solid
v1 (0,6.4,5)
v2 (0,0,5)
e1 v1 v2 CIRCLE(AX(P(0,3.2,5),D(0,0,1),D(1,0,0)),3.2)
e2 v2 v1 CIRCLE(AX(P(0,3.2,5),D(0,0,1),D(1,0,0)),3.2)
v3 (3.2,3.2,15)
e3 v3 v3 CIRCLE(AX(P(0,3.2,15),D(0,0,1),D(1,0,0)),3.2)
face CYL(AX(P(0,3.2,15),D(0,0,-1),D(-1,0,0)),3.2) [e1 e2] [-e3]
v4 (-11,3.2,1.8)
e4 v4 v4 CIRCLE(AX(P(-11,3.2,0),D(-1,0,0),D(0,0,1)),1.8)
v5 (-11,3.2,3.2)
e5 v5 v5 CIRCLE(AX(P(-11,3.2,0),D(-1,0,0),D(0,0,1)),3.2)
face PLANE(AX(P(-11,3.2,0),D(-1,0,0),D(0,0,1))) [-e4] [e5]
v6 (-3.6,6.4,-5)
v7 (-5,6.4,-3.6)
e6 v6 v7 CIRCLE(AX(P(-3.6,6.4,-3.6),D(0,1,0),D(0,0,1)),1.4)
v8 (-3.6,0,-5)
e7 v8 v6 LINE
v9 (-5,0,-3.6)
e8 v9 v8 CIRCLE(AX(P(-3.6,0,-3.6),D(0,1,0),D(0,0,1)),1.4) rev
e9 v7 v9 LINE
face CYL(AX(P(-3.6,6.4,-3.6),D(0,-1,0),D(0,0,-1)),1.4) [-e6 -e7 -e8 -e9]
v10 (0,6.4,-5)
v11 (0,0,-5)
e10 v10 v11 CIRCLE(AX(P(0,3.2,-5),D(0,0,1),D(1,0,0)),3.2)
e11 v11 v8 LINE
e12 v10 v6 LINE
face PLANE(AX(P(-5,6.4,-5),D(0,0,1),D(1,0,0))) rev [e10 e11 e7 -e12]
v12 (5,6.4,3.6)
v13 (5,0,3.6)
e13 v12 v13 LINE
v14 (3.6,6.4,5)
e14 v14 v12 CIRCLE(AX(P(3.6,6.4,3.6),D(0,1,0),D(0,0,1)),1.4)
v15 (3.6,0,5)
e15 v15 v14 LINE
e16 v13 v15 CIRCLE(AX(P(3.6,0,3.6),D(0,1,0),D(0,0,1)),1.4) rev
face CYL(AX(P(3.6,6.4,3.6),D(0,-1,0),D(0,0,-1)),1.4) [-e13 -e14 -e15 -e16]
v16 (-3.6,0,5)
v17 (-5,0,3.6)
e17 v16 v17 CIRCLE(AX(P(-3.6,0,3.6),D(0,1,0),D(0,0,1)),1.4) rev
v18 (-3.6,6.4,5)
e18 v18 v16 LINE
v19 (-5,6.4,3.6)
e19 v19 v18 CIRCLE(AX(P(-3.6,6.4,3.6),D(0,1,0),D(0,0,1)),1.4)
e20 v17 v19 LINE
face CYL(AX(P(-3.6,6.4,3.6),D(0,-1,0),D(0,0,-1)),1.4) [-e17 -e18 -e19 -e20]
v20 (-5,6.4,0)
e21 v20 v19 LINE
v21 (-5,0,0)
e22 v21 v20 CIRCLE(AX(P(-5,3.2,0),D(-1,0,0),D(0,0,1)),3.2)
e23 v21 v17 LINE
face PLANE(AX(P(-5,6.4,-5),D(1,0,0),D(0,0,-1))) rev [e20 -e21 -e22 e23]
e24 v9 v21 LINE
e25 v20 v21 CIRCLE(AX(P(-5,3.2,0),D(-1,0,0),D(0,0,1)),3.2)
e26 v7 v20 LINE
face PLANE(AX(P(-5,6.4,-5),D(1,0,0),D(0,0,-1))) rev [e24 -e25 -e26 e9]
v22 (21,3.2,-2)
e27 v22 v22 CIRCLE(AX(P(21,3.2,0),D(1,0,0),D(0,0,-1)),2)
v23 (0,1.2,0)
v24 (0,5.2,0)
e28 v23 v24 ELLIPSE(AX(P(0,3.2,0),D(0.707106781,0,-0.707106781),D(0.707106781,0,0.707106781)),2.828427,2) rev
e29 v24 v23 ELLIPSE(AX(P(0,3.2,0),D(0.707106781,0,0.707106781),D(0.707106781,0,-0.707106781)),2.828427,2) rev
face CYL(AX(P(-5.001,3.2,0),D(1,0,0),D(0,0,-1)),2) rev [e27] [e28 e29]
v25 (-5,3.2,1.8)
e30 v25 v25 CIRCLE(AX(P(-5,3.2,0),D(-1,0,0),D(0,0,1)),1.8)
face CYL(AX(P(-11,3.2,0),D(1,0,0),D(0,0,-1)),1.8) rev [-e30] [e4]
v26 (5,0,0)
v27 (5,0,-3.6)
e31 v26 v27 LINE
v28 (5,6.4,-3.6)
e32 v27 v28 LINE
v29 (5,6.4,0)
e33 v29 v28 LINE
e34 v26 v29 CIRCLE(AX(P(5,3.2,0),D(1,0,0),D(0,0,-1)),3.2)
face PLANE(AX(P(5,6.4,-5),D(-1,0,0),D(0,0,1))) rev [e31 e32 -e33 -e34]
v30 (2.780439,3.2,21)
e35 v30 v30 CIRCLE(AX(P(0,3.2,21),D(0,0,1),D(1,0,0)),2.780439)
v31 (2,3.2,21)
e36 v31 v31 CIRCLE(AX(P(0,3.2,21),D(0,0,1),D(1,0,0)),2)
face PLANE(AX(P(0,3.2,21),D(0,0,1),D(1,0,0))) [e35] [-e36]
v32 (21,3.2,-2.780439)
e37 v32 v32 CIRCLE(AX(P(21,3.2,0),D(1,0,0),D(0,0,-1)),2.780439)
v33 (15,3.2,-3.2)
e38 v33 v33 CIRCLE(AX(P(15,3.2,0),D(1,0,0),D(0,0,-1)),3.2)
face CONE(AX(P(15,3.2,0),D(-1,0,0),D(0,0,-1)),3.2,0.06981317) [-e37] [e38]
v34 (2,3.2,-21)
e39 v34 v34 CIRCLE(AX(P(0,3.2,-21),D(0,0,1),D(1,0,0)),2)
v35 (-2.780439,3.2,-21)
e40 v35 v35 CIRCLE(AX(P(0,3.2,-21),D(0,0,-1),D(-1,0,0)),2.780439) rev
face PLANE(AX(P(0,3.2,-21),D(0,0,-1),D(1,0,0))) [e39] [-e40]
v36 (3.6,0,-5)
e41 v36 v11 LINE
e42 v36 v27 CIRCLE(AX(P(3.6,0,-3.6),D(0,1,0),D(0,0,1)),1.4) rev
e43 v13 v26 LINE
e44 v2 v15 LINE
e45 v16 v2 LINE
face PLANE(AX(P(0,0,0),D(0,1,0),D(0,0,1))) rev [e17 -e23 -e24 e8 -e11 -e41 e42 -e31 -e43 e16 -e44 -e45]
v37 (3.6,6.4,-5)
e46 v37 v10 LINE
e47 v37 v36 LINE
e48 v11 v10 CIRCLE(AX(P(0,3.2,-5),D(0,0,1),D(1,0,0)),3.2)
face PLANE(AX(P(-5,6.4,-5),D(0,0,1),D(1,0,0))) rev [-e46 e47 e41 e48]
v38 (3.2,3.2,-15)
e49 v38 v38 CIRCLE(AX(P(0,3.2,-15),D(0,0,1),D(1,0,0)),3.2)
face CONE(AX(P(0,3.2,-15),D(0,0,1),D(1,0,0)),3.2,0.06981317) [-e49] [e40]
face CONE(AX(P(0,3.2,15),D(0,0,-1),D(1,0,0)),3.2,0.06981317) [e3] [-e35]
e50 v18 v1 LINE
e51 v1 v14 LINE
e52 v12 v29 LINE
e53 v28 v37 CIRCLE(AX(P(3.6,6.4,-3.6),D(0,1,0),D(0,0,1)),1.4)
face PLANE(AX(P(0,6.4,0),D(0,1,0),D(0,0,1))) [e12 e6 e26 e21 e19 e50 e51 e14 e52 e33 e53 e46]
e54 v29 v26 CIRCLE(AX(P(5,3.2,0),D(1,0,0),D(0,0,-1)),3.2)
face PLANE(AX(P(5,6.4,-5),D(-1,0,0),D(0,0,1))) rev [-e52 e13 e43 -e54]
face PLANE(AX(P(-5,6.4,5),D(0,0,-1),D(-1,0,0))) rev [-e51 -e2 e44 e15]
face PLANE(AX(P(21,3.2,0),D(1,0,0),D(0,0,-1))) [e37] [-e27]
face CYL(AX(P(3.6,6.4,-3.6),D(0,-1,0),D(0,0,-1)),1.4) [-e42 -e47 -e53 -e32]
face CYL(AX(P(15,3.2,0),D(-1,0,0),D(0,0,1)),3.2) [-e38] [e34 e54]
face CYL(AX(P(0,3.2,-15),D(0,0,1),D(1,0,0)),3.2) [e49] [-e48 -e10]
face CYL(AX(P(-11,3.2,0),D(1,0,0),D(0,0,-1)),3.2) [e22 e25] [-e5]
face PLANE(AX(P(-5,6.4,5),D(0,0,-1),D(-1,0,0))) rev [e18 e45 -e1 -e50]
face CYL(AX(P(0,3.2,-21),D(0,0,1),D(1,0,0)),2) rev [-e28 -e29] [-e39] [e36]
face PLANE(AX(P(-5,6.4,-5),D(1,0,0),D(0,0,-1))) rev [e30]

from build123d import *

# Parameters (mm, degrees)
SKETCH1_W               = 10
SKETCH1_H               = 10
BOSS_EXTRUDE1_DEPTH     = 6.4
SKETCH2_R               = 3.2
BOSS_EXTRUDE2_DEPTH     = 10
SKETCH4_R               = 3.2
BOSS_EXTRUDE3_DEPTH     = 10
SKETCH8_R               = 3.2
BOSS_EXTRUDE4_DEPTH     = 6
BOSS_EXTRUDE4_TAPER     = 4
SKETCH10_R              = 3.2
BOSS_EXTRUDE5_DEPTH     = 6
BOSS_EXTRUDE5_TAPER     = 4
FILLET1_R               = 1.4
SKETCH11_R              = 2
CUT_EXTRUDE5_DEPTH      = 48.391560488
CUT_EXTRUDE6_REACH      = 36.029
CUT_EXTRUDE6_END_RADIUS = 2
SKETCH9_R               = 2
BOSS_EXTRUDE6_START     = 6
SKETCH12_R              = 3.2
SKETCH12_R_2            = 1.8
BOSS_EXTRUDE6_DEPTH     = 6


with BuildPart() as part:
    # Sketch1 → Boss-Extrude1 (new body)
    with BuildSketch(Plane(origin=(0, 0, 0), x_dir=(1, 0, 0), z_dir=(0, 1, 0))):
        Rectangle(SKETCH1_W, SKETCH1_H)
    extrude(amount=BOSS_EXTRUDE1_DEPTH)

    # Sketch2 → Boss-Extrude2 (add)
    with BuildSketch(Plane.XY.offset(5)):
        with Locations(Location((0, 3.2, 0), (0, 0, 270))):
            Circle(SKETCH2_R)
    boss_extrude2 = extrude(amount=BOSS_EXTRUDE2_DEPTH)

    # Sketch4 → Boss-Extrude3 (add)
    with BuildSketch(Plane(origin=(5, 0, 0), x_dir=(0, 0, -1), z_dir=(1, 0, 0))):
        with Locations(Location((0, 3.2, 0), (0, 0, 270))):
            Circle(SKETCH4_R)
    extrude(amount=BOSS_EXTRUDE3_DEPTH)

    # Sketch8 → Boss-Extrude4 (add)
    with BuildSketch(Plane(origin=(15, 0, 0), x_dir=(0, 0, -1), z_dir=(1, 0, 0))):
        with Locations(Location((0, 3.2, 0), (0, 0, 270))):
            Circle(SKETCH8_R)
    extrude(amount=BOSS_EXTRUDE4_DEPTH, taper=BOSS_EXTRUDE4_TAPER)

    # Sketch10 → Boss-Extrude5 (add)
    with BuildSketch(Plane.XY.offset(15)):
        with Locations(Location((0, 3.2, 0), (0, 0, 270))):
            Circle(SKETCH10_R)
    boss_extrude5 = extrude(amount=BOSS_EXTRUDE5_DEPTH, taper=BOSS_EXTRUDE5_TAPER)

    # Mirror2: Boss-Extrude2, Boss-Extrude5 across plane
    add(boss_extrude2.mirror(Plane.XY))
    add(boss_extrude5.mirror(Plane.XY))

    # Fillet1
    fillet1_edges = [part.edges().sort_by_distance(p)[0] for p in [
        (-5, 3.2, -5),
        (5, 3.2, -5),
        (5, 3.2, 5),
        (-5, 3.2, 5),
    ]]
    fillet(fillet1_edges, radius=FILLET1_R)

    # Sketch11 → Cut-Extrude5 (cut, through all)
    with BuildSketch(Plane.XY.offset(21)):
        with Locations((0, 3.2)):
            Circle(SKETCH11_R)
    extrude(amount=-CUT_EXTRUDE5_DEPTH, mode=Mode.SUBTRACT)

    # Cut-Extrude6: up to this cylinder (the profile starts outside it)
    cut_extrude6_end = Plane(origin=(0, 3.2, 0), z_dir=(0, 0, 1)) * Cylinder(CUT_EXTRUDE6_END_RADIUS, 77.058, mode=Mode.PRIVATE)
    # Sketch9 → Cut-Extrude6 (cut, up to the surface)
    with BuildSketch(Plane(origin=(21, 0, 0), x_dir=(0, 0, -1), z_dir=(1, 0, 0)), mode=Mode.PRIVATE) as cut_extrude6_sk1:
        with Locations((0, 3.2)):
            Circle(SKETCH9_R)
    cut_extrude6_tool1 = extrude(cut_extrude6_sk1.sketch, amount=-CUT_EXTRUDE6_REACH, mode=Mode.PRIVATE) - cut_extrude6_end
    add(cut_extrude6_tool1.solids().sort_by_distance((21, 3.2, 0))[0], mode=Mode.SUBTRACT)

    # Sketch12 → Boss-Extrude6 (add)
    with BuildSketch(Plane.ZY.offset(5).offset(BOSS_EXTRUDE6_START)):
        with Locations(Location((0, 3.2, 0), (0, 0, 270))):
            Circle(SKETCH12_R)
        with Locations((0, 3.2)):
            Circle(SKETCH12_R_2, mode=Mode.SUBTRACT)
    extrude(amount=-BOSS_EXTRUDE6_DEPTH)


solid = part.part
